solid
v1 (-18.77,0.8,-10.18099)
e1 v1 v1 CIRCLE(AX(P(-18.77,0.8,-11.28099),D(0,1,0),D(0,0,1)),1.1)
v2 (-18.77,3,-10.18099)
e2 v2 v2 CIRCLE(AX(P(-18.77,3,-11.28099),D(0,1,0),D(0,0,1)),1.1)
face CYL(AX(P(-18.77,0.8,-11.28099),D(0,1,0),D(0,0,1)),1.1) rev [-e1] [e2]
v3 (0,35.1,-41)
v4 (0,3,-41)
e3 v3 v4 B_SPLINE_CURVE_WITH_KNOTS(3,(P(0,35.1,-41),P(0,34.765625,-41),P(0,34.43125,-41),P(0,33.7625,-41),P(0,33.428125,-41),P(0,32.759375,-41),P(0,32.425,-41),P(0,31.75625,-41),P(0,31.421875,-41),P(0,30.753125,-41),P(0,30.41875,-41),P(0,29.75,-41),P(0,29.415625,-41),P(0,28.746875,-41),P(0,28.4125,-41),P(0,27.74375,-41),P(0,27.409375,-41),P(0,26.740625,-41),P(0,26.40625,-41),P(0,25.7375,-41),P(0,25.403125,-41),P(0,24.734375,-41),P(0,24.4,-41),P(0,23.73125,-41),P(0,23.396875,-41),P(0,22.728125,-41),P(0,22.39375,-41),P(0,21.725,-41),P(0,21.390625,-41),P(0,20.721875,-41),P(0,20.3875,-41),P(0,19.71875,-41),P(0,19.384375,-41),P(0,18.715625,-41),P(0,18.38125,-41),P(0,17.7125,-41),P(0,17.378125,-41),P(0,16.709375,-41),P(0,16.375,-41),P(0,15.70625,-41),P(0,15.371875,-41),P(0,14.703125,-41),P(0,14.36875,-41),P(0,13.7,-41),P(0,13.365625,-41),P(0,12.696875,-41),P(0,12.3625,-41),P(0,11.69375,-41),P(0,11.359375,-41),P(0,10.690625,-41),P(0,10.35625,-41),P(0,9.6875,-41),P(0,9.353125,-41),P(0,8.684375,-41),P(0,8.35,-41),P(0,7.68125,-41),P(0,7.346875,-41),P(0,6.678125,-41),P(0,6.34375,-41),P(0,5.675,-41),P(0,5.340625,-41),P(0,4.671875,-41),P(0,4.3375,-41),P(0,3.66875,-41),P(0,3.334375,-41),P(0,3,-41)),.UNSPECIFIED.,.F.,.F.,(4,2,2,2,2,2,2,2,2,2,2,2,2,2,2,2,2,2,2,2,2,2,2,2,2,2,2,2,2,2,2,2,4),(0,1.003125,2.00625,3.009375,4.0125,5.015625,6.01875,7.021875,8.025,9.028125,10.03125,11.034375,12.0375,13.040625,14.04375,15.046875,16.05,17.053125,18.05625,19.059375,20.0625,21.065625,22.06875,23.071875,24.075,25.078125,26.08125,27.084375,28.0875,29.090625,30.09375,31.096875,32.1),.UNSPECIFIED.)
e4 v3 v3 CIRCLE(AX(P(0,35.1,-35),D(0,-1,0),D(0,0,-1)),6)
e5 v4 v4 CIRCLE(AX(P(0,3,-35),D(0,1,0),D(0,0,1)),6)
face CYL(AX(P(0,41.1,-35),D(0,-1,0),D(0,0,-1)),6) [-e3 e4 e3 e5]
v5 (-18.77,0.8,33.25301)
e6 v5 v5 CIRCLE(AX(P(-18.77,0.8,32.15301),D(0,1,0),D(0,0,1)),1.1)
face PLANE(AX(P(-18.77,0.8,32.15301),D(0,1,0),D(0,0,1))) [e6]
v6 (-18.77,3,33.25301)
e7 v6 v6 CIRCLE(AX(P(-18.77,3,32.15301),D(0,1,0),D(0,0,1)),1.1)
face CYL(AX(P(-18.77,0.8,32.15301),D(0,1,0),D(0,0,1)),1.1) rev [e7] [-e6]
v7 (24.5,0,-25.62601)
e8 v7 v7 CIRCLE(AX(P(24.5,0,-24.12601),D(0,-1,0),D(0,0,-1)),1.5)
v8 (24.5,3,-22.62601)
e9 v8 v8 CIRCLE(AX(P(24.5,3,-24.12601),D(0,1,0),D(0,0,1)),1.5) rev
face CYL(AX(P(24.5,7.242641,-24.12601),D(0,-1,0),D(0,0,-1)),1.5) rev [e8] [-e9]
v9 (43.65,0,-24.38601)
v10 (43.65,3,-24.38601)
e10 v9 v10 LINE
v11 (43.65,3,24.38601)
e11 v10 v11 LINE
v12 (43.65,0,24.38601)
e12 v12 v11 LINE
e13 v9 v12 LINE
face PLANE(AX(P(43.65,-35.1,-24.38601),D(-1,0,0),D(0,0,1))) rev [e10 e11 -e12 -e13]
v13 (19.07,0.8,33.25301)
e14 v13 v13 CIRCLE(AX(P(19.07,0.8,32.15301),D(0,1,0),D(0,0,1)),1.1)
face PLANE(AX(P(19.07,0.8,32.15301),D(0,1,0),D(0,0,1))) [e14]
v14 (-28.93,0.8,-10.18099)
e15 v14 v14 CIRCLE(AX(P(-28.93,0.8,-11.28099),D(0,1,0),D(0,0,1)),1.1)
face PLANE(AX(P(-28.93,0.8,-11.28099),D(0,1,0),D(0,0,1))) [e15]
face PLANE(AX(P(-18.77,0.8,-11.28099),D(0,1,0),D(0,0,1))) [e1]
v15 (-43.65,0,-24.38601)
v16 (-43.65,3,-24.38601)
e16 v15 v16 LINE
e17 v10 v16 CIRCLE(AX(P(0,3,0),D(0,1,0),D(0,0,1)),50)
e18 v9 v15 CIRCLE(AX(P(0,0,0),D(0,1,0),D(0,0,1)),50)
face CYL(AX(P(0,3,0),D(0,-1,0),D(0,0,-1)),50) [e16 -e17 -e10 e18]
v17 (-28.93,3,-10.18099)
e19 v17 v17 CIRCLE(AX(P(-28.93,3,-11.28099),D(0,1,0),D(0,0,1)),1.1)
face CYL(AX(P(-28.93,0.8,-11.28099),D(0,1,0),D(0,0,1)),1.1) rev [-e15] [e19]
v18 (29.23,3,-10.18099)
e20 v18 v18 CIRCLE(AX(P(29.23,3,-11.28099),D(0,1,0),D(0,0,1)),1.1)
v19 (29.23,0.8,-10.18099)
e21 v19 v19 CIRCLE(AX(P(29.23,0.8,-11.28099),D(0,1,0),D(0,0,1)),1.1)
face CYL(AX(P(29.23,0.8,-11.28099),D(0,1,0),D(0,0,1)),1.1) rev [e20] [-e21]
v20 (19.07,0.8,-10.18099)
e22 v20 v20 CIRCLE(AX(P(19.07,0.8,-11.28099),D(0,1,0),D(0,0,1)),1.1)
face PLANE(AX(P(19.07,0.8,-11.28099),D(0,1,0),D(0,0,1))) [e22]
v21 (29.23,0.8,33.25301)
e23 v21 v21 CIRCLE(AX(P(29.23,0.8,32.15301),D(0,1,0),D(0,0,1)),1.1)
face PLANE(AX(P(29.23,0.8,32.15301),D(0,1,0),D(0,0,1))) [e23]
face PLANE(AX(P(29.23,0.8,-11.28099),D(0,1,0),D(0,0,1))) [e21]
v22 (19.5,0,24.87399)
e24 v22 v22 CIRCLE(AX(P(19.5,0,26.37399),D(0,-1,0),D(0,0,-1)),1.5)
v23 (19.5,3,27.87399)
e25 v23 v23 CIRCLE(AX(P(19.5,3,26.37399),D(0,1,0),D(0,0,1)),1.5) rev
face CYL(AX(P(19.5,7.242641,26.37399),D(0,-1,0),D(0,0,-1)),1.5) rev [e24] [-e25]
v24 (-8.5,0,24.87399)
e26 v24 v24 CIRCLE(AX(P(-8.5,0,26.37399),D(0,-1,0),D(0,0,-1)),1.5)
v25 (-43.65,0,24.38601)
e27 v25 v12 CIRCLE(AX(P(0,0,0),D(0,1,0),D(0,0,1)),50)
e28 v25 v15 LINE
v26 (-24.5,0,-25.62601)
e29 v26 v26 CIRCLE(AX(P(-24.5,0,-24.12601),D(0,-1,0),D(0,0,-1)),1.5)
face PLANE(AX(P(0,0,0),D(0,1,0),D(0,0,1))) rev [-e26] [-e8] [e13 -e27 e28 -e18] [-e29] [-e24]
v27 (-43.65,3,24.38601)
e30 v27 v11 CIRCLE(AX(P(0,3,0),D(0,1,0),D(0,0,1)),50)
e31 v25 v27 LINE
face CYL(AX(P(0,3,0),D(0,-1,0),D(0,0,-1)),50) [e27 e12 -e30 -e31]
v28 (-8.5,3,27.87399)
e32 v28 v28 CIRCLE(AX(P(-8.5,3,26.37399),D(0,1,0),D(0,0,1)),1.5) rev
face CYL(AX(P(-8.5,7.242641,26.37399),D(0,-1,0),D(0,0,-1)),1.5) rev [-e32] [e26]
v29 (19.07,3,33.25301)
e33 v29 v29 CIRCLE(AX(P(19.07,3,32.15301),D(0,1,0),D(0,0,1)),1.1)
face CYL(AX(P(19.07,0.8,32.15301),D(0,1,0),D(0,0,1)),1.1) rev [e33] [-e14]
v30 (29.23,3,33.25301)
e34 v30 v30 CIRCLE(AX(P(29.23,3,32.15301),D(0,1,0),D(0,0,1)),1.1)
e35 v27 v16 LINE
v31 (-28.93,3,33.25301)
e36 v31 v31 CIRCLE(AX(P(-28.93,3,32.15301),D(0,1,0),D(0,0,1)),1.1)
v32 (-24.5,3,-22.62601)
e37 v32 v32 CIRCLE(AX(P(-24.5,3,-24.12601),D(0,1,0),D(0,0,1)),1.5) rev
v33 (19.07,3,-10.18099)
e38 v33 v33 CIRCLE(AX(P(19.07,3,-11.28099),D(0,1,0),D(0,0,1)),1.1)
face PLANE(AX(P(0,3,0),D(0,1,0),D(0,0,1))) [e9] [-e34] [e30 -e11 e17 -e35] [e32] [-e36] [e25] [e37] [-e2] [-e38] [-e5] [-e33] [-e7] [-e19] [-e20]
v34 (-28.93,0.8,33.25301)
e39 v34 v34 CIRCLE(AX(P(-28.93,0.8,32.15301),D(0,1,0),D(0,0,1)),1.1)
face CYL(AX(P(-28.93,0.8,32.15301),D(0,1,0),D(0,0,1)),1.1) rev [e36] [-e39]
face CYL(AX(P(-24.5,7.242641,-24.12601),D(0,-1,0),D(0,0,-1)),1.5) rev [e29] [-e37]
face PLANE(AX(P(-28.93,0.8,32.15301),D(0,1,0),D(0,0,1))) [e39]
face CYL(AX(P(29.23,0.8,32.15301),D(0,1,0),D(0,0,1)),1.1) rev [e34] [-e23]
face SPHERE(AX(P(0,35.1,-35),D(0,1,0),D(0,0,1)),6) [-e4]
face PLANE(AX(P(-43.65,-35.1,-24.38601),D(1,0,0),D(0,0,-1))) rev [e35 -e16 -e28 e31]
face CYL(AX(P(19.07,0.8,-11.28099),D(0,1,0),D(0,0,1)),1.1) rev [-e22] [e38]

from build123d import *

# Parameters (mm, degrees)
SKETCH2_R           = 50
BOSS_EXTRUDE1_DEPTH = 3
SKETCH3_R           = 6
BOSS_EXTRUDE2_DEPTH = 38.1
FILLET1_R           = 6
CUT_EXTRUDE1_DEPTH  = 38.1
SKETCH7_R           = 1.1
CUT_EXTRUDE2_DEPTH  = 2.2
SKETCH8_R           = 1.5
CUT_EXTRUDE3_DEPTH  = 3


with BuildPart() as part:
    # Sketch2 → Boss-Extrude1 (new body)
    with BuildSketch(Plane(origin=(0, 0, 0), x_dir=(1, 0, 0), z_dir=(0, 1, 0))):
        with Locations(Location((0, 0, 0), (0, 0, 270))):
            Circle(SKETCH2_R)
    extrude(amount=BOSS_EXTRUDE1_DEPTH)

    # Sketch3 → Boss-Extrude2 (add)
    with BuildSketch(Plane(origin=(0, 3, 0), x_dir=(1, 0, 0), z_dir=(0, 1, 0))):
        with Locations(Location((0, 35, 0), (0, 0, 90))):
            Circle(SKETCH3_R)
    extrude(amount=BOSS_EXTRUDE2_DEPTH)

    # Fillet1
    fillet1_edges = [part.edges().sort_by_distance(p)[0] for p in [
        (0, 41.1, -29),
    ]]
    fillet(fillet1_edges, radius=FILLET1_R)

    # Sketch6 → Cut-Extrude1 (cut)
    with BuildSketch(Plane(origin=(0, 3, 0), x_dir=(1, 0, 0), z_dir=(0, 1, 0))):
        Polygon((-43.65, 24.386010334), (-43.65, -24.386010334), (-50, -24.386010334), (-50, 0), (-50, 24.386010334), align=None)
        Polygon((43.65, 24.386010334), (43.65, -24.386010334), (50, -24.386010334), (50, 0), (50, 24.386010334), align=None)
    extrude(amount=-CUT_EXTRUDE1_DEPTH, mode=Mode.SUBTRACT)

    # Sketch7 → Cut-Extrude2 (cut)
    with BuildSketch(Plane(origin=(0, 3, 0), x_dir=(1, 0, 0), z_dir=(0, 1, 0))):
        with Locations(Location((-28.93, 11.280989666, 0), (0, 0, 270))):
            Circle(SKETCH7_R)
        with Locations(Location((-18.77, 11.280989666, 0), (0, 0, 270))):
            Circle(SKETCH7_R)
        with Locations(Location((19.07, 11.280989666, 0), (0, 0, 270))):
            Circle(SKETCH7_R)
        with Locations(Location((29.23, 11.280989666, 0), (0, 0, 270))):
            Circle(SKETCH7_R)
        with Locations(Location((29.23, -32.153010334, 0), (0, 0, 270))):
            Circle(SKETCH7_R)
        with Locations(Location((19.07, -32.153010334, 0), (0, 0, 270))):
            Circle(SKETCH7_R)
        with Locations(Location((-18.77, -32.153010334, 0), (0, 0, 270))):
            Circle(SKETCH7_R)
        with Locations(Location((-28.93, -32.153010334, 0), (0, 0, 270))):
            Circle(SKETCH7_R)
    extrude(amount=-CUT_EXTRUDE2_DEPTH, mode=Mode.SUBTRACT)

    # Sketch8 → Cut-Extrude3 (cut)
    with BuildSketch(Plane(origin=(0, 0, 0), x_dir=(-1, 0, 0), z_dir=(0, -1, 0))):
        with Locations(Location((-19.5, -26.373989666, 0), (0, 0, 90))):
            Circle(SKETCH8_R)
        with Locations(Location((8.5, -26.373989666, 0), (0, 0, 90))):
            Circle(SKETCH8_R)
        with Locations(Location((-24.5, 24.126010334, 0), (0, 0, 90))):
            Circle(SKETCH8_R)
        with Locations(Location((24.5, 24.126010334, 0), (0, 0, 90))):
            Circle(SKETCH8_R)
    extrude(amount=-CUT_EXTRUDE3_DEPTH, mode=Mode.SUBTRACT)


solid = part.part
